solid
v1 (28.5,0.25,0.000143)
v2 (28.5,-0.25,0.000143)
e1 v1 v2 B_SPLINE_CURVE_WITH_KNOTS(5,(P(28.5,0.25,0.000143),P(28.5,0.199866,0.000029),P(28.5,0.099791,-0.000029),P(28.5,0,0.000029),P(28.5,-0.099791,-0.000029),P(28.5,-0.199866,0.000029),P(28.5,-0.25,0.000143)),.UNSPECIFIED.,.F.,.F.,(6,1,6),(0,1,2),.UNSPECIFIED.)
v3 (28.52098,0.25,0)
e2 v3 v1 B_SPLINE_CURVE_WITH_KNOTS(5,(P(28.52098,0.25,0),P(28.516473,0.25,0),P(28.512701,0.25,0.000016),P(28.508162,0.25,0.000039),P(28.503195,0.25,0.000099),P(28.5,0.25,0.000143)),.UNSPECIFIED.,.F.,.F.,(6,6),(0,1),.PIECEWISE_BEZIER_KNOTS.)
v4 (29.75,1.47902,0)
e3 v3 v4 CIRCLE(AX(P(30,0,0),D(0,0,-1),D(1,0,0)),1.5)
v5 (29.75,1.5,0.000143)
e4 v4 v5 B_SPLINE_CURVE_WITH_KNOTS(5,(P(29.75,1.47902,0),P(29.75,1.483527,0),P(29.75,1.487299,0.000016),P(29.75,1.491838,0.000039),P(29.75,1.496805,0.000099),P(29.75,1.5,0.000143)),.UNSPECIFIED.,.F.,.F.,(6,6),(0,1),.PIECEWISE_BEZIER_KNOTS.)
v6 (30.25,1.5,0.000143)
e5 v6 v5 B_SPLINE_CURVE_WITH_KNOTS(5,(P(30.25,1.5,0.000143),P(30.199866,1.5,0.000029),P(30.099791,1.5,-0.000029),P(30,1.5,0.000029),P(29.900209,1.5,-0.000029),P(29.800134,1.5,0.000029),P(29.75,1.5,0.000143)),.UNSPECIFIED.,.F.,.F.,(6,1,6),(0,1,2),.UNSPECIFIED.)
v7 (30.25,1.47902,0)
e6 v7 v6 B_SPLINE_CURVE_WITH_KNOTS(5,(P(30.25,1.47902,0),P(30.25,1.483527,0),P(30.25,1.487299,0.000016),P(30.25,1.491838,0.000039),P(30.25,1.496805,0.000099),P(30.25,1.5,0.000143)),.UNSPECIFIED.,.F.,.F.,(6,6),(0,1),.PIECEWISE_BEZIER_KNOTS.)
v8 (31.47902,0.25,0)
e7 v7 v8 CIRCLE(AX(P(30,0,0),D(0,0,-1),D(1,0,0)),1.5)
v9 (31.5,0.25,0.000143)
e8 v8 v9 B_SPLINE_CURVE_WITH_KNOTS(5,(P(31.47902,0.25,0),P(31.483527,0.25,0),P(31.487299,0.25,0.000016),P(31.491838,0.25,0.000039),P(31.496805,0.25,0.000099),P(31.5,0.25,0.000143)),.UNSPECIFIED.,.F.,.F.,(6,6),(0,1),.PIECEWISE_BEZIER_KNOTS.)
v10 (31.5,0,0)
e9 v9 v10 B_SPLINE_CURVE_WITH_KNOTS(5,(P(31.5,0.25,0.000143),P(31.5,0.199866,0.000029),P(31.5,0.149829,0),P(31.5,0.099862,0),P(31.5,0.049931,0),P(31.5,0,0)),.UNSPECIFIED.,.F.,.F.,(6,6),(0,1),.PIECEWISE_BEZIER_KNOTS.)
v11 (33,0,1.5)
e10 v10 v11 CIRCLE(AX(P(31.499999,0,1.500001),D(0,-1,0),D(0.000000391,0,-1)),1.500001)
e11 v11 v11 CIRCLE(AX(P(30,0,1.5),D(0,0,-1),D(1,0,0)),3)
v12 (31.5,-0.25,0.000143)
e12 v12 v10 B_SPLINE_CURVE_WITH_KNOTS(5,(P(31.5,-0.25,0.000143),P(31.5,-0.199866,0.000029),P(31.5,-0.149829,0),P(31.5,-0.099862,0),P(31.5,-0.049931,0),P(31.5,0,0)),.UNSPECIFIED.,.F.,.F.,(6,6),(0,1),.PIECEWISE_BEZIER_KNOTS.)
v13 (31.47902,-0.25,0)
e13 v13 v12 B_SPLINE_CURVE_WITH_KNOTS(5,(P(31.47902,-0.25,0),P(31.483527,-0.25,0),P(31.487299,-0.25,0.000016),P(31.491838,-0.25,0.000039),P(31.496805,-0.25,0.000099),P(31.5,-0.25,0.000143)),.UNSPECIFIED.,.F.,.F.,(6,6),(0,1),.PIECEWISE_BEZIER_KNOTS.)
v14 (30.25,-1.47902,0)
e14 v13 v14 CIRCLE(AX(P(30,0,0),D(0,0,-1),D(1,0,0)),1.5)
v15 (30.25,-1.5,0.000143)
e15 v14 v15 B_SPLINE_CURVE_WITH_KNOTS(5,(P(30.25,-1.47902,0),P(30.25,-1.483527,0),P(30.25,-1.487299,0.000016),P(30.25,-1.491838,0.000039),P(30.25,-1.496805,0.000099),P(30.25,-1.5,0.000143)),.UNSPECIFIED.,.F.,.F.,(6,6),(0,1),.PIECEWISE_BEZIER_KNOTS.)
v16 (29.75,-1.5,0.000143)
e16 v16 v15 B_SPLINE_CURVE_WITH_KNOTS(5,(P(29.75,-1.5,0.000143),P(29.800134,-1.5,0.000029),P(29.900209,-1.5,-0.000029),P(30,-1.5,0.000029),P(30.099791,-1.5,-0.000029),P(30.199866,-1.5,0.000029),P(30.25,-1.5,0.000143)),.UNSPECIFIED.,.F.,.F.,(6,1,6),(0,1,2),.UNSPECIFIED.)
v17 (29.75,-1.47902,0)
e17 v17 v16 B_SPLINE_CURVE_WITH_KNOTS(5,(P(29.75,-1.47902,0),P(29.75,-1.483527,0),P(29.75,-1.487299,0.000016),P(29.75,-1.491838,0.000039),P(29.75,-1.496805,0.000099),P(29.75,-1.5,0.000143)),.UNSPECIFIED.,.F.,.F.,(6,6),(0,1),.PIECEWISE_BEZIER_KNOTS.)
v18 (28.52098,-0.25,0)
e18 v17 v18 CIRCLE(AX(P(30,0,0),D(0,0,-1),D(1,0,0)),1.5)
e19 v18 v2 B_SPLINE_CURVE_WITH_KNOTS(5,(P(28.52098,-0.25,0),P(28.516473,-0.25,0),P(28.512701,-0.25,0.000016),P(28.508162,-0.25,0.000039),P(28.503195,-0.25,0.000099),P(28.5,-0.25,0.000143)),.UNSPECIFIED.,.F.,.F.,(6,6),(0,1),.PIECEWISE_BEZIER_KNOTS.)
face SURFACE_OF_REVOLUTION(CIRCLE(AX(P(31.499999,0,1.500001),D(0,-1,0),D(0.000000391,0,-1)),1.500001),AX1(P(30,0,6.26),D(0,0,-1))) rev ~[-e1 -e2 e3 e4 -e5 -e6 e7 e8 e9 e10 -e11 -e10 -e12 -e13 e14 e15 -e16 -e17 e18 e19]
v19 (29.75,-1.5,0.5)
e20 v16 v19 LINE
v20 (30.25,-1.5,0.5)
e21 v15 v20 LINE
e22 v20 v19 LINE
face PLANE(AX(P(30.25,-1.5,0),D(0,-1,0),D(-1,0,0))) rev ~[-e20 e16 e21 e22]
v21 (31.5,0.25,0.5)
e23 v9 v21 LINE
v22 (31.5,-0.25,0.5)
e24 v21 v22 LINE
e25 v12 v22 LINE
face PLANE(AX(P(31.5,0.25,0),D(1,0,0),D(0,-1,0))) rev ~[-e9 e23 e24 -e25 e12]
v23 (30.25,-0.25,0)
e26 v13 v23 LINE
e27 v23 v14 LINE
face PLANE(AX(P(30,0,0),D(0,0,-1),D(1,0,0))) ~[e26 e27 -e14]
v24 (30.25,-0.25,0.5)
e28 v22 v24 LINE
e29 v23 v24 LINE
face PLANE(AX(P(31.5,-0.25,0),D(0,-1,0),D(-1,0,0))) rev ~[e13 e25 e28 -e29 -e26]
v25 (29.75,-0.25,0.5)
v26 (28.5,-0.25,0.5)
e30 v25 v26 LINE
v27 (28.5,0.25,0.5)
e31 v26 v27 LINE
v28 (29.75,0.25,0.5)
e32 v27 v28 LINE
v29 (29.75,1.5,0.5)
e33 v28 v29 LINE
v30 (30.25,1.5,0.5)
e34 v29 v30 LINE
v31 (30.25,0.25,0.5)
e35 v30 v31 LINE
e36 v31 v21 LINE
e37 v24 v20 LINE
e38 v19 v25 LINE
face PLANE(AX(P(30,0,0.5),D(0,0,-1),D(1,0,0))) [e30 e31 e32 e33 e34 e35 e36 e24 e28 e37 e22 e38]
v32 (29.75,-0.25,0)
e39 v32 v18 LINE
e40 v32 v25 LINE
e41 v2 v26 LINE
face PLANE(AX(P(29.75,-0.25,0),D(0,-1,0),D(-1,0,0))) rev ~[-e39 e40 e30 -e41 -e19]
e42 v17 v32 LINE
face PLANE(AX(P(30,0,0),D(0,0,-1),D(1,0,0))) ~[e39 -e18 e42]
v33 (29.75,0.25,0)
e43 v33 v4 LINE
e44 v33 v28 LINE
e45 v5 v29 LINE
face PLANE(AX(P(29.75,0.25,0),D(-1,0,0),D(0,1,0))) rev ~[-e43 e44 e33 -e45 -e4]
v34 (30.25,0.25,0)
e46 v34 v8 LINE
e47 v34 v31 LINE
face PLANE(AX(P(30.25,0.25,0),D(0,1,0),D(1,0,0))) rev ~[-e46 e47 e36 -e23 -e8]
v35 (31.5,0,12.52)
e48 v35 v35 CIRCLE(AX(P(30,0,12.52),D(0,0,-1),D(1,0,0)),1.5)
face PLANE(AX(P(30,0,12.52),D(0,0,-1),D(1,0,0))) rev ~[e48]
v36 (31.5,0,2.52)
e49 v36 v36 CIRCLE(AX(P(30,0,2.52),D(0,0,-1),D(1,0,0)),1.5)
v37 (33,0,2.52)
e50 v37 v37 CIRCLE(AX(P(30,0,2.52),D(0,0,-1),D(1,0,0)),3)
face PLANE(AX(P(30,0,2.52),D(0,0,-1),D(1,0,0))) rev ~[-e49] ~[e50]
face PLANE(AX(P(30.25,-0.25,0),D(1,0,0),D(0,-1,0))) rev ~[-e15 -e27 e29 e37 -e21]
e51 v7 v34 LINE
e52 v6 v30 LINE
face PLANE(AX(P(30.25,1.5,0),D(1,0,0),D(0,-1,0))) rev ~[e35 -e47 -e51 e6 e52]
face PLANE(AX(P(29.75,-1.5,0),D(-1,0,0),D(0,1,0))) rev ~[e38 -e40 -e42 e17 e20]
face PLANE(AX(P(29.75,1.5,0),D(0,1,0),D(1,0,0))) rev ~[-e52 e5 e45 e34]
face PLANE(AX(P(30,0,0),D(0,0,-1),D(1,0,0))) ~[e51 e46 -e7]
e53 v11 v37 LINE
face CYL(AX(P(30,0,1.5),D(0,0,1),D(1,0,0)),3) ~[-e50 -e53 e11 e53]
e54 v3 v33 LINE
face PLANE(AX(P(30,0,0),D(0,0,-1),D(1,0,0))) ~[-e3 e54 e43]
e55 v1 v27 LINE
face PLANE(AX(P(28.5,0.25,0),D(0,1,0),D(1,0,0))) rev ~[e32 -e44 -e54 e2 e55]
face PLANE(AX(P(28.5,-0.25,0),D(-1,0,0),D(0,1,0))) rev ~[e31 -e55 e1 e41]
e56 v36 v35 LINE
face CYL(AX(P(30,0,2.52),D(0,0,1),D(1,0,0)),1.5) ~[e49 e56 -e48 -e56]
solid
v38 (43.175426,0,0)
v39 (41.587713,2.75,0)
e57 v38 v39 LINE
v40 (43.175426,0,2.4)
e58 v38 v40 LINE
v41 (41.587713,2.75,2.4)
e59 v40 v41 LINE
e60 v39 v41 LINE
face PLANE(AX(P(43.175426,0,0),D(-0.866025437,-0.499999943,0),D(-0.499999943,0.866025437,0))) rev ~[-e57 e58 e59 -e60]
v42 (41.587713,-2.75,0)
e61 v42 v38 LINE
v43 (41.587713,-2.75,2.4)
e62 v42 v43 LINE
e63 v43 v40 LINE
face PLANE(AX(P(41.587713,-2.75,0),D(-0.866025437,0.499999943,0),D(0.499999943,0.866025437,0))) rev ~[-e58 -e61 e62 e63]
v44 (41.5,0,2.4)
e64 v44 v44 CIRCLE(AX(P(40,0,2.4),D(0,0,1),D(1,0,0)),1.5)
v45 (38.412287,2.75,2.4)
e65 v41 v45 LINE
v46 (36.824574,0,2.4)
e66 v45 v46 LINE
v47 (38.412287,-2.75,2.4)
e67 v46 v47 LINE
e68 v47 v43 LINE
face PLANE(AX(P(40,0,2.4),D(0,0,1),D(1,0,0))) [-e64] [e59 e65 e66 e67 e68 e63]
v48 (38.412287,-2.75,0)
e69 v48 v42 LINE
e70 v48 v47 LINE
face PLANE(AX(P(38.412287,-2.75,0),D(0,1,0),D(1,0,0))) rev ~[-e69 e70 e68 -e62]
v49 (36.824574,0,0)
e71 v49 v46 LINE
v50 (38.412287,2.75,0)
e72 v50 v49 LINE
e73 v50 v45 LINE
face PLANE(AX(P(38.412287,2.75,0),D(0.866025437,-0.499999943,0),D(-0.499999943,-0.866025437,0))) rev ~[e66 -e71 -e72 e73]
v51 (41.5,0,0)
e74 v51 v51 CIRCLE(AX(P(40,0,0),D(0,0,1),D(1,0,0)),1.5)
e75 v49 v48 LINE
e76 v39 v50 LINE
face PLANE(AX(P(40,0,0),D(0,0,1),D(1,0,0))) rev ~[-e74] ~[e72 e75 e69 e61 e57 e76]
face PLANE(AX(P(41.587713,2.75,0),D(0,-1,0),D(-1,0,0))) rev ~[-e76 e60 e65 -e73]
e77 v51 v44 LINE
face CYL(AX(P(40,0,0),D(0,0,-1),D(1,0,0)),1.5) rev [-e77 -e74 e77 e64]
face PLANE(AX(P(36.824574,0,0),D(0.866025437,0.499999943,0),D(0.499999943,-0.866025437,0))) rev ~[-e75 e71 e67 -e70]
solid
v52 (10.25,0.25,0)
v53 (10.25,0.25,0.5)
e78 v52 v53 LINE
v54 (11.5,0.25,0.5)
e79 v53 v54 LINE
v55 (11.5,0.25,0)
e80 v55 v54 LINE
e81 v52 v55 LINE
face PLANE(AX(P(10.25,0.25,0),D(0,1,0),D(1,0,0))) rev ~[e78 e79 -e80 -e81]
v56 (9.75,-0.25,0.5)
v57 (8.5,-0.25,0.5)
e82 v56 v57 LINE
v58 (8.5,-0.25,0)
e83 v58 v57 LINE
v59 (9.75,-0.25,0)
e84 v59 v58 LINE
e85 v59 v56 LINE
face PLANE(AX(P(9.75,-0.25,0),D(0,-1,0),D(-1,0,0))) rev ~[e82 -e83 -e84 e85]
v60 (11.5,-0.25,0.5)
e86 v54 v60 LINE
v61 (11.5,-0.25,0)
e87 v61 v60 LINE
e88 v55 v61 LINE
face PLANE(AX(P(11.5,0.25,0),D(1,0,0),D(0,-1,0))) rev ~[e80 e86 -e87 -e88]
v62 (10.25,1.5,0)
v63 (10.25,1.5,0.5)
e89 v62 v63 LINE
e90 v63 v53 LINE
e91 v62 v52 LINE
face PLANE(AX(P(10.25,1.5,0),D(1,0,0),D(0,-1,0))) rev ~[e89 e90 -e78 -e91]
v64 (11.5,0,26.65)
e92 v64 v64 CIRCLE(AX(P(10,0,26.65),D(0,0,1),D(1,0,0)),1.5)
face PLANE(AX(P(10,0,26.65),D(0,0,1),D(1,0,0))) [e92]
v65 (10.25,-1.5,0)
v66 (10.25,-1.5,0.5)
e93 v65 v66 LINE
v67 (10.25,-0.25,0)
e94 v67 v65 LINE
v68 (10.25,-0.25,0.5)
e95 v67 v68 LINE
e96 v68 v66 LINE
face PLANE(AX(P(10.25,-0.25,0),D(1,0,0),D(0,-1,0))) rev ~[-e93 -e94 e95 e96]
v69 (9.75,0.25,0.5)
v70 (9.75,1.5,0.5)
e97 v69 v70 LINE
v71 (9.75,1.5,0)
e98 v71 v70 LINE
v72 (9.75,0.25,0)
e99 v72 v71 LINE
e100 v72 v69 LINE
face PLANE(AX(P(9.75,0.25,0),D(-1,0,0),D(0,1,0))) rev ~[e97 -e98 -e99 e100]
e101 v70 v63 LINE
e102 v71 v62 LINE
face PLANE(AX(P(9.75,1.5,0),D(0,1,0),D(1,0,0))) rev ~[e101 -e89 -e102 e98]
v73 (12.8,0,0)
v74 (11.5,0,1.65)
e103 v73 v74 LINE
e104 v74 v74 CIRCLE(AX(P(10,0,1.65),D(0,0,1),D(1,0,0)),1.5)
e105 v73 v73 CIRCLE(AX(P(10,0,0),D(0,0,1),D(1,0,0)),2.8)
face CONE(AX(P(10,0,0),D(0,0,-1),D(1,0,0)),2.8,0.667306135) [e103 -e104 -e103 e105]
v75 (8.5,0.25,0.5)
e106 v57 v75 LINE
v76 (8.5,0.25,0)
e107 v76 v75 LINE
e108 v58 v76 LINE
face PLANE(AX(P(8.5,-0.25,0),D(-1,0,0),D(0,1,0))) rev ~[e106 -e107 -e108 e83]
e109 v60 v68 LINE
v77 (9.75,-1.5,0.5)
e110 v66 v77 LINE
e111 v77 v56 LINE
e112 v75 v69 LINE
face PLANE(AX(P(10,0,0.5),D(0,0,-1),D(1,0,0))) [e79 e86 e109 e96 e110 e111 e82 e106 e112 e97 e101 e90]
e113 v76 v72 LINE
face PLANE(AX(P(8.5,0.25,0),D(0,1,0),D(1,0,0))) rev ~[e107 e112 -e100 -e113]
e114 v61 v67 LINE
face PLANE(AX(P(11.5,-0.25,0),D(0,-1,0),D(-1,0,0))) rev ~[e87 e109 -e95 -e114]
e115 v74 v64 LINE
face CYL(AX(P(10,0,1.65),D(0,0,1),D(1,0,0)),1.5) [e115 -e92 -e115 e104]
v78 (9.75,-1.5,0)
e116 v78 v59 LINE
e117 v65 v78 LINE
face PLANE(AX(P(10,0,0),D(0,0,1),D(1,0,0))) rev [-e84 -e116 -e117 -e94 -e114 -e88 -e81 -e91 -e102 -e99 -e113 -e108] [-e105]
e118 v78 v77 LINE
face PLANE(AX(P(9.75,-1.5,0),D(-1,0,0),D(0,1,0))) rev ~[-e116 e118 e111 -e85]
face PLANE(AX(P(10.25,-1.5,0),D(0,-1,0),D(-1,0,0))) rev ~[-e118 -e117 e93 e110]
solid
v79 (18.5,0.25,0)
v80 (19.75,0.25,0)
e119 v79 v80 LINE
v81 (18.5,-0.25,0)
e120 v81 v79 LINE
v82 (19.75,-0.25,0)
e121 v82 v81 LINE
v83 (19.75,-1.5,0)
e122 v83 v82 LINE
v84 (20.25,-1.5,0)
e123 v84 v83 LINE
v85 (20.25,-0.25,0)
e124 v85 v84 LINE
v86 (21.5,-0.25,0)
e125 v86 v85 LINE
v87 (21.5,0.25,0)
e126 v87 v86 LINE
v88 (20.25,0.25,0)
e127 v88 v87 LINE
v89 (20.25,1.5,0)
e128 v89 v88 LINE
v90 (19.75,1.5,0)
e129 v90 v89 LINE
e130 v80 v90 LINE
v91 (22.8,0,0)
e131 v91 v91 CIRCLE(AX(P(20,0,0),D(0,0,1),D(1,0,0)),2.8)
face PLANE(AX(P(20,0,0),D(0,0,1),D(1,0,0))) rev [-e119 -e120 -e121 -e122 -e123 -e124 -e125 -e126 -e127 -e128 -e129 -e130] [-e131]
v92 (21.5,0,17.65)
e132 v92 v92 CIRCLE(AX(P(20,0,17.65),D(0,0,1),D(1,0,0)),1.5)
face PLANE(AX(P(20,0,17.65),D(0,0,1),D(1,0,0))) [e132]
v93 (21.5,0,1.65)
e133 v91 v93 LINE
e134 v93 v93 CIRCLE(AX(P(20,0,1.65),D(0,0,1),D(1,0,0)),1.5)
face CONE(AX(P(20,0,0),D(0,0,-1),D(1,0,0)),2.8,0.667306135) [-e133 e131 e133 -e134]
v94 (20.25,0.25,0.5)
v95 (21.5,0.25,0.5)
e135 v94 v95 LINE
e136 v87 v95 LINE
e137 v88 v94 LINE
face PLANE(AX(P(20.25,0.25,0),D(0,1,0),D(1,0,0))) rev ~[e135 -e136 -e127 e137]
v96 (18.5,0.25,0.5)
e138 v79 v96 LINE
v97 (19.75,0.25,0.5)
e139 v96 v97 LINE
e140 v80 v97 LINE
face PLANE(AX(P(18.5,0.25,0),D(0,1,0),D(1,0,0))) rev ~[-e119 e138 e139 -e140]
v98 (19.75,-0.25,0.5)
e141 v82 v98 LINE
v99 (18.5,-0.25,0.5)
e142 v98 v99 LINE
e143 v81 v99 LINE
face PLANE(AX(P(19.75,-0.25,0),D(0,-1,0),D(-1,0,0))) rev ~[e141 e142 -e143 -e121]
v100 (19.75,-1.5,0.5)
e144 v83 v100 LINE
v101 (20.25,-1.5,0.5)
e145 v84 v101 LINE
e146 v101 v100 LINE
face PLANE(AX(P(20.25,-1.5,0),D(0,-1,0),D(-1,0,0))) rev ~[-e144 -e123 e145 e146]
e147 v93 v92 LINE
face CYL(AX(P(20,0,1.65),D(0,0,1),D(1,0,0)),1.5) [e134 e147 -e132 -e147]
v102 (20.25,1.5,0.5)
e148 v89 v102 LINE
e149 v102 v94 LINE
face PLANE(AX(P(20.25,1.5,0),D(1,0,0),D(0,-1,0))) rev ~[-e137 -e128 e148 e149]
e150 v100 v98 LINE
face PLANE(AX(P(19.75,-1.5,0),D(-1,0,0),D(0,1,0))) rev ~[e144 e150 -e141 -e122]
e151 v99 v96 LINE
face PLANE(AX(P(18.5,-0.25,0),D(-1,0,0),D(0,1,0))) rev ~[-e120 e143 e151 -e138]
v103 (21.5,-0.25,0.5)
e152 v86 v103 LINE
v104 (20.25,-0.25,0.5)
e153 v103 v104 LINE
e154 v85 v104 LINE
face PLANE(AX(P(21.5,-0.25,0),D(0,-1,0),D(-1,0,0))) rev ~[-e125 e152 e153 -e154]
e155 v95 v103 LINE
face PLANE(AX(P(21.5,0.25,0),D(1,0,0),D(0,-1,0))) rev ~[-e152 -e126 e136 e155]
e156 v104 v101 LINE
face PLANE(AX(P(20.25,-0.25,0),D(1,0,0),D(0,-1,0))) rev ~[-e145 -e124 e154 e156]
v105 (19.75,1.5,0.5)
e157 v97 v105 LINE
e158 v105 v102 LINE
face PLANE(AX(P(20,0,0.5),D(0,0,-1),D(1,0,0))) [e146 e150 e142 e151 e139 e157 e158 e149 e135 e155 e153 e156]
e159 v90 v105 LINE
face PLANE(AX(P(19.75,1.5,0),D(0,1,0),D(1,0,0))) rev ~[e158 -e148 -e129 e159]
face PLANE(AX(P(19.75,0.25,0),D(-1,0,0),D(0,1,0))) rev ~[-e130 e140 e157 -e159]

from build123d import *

# Parameters (mm, degrees)
F4_R     = 1.5
F5_DEPTH = 2.4
F7_DEPTH = 0.5


with BuildPart() as f1:
    # F0 (on Front) → F1 (revolve)
    with BuildSketch(Plane.XZ):
        Polygon((11.5, 26.65), (10, 26.65), (10, 0), (12.8, 0), (11.5, 1.65), align=None)
    revolve(axis=Axis((10, 0, 13.325), (0, 0, 1)))


with BuildPart() as f2:
    # F0 (on Front) → F2 (revolve)
    with BuildSketch(Plane.XZ):
        Polygon((21.5, 17.65), (20, 17.65), (20, 0), (22.8, 0), (21.5, 1.65), align=None)
    revolve(axis=Axis((20, 0, 8.825), (0, 0, 1)))


with BuildPart() as f3:
    # F0 (on Front) → F3 (revolve)
    with BuildSketch(Plane.XZ):
        with BuildLine():
            Line((31.5, 12.52), (30, 12.52))
            Line((30, 12.52), (30, 0))
            Line((30, 0), (31.5, 0))
            ThreePointArc((31.5, 0), (32.56066, 0.43934), (33, 1.5))
            Line((33, 1.5), (33, 2.52))
            Line((33, 2.52), (31.5, 2.52))
            Line((31.5, 2.52), (31.5, 12.52))
        make_face()
    revolve(axis=Axis((30, 0, 6.26), (0, 0, -1)))


with BuildPart() as f5:
    # F4 (on Top) → F5 (new body)
    with BuildSketch(Plane.XY):
        Polygon((41.587713, -2.75), (43.175426, 0), (41.587713, 2.75), (38.412287, 2.75), (36.824574, 0), (38.412287, -2.75), align=None)
        with Locations((40, 0)):
            Circle(F4_R, mode=Mode.SUBTRACT)
    extrude(amount=F5_DEPTH)


with BuildPart() as f7_tool:
    # F6 (on face) → F7 (new body)
    with BuildSketch(Plane(origin=(0, 0, 0), x_dir=(1, 0, 0), z_dir=(0, 0, -1))):
        Polygon((9.75, -1.5), (10.25, -1.5), (10.25, -0.25), (11.5, -0.25), (11.5, 0.25), (10.25, 0.25), (10.25, 1.5), (9.75, 1.5), (9.75, 0.25), (8.5, 0.25), (8.5, -0.25), (9.75, -0.25), align=None)
        Polygon((19.75, -1.5), (20.25, -1.5), (20.25, -0.25), (21.5, -0.25), (21.5, 0.25), (20.25, 0.25), (20.25, 1.5), (19.75, 1.5), (19.75, 0.25), (18.5, 0.25), (18.5, -0.25), (19.75, -0.25), align=None)
        Polygon((29.75, -1.5), (30.25, -1.5), (30.25, -0.25), (31.5, -0.25), (31.5, 0.25), (30.25, 0.25), (30.25, 1.5), (29.75, 1.5), (29.75, 0.25), (28.5, 0.25), (28.5, -0.25), (29.75, -0.25), align=None)
    extrude(amount=-F7_DEPTH)


with BuildPart() as f1_1:
    add(f1.part)

    # F7: cut by f7_tool
    add(f7_tool.part, mode=Mode.SUBTRACT)


with BuildPart() as f2_1:
    add(f2.part)

    # F7: cut by f7_tool
    add(f7_tool.part, mode=Mode.SUBTRACT)


with BuildPart() as f3_1:
    add(f3.part)

    # F7: cut by f7_tool
    add(f7_tool.part, mode=Mode.SUBTRACT)


solid = Compound([f5.part, f1_1.part, f2_1.part, f3_1.part])
